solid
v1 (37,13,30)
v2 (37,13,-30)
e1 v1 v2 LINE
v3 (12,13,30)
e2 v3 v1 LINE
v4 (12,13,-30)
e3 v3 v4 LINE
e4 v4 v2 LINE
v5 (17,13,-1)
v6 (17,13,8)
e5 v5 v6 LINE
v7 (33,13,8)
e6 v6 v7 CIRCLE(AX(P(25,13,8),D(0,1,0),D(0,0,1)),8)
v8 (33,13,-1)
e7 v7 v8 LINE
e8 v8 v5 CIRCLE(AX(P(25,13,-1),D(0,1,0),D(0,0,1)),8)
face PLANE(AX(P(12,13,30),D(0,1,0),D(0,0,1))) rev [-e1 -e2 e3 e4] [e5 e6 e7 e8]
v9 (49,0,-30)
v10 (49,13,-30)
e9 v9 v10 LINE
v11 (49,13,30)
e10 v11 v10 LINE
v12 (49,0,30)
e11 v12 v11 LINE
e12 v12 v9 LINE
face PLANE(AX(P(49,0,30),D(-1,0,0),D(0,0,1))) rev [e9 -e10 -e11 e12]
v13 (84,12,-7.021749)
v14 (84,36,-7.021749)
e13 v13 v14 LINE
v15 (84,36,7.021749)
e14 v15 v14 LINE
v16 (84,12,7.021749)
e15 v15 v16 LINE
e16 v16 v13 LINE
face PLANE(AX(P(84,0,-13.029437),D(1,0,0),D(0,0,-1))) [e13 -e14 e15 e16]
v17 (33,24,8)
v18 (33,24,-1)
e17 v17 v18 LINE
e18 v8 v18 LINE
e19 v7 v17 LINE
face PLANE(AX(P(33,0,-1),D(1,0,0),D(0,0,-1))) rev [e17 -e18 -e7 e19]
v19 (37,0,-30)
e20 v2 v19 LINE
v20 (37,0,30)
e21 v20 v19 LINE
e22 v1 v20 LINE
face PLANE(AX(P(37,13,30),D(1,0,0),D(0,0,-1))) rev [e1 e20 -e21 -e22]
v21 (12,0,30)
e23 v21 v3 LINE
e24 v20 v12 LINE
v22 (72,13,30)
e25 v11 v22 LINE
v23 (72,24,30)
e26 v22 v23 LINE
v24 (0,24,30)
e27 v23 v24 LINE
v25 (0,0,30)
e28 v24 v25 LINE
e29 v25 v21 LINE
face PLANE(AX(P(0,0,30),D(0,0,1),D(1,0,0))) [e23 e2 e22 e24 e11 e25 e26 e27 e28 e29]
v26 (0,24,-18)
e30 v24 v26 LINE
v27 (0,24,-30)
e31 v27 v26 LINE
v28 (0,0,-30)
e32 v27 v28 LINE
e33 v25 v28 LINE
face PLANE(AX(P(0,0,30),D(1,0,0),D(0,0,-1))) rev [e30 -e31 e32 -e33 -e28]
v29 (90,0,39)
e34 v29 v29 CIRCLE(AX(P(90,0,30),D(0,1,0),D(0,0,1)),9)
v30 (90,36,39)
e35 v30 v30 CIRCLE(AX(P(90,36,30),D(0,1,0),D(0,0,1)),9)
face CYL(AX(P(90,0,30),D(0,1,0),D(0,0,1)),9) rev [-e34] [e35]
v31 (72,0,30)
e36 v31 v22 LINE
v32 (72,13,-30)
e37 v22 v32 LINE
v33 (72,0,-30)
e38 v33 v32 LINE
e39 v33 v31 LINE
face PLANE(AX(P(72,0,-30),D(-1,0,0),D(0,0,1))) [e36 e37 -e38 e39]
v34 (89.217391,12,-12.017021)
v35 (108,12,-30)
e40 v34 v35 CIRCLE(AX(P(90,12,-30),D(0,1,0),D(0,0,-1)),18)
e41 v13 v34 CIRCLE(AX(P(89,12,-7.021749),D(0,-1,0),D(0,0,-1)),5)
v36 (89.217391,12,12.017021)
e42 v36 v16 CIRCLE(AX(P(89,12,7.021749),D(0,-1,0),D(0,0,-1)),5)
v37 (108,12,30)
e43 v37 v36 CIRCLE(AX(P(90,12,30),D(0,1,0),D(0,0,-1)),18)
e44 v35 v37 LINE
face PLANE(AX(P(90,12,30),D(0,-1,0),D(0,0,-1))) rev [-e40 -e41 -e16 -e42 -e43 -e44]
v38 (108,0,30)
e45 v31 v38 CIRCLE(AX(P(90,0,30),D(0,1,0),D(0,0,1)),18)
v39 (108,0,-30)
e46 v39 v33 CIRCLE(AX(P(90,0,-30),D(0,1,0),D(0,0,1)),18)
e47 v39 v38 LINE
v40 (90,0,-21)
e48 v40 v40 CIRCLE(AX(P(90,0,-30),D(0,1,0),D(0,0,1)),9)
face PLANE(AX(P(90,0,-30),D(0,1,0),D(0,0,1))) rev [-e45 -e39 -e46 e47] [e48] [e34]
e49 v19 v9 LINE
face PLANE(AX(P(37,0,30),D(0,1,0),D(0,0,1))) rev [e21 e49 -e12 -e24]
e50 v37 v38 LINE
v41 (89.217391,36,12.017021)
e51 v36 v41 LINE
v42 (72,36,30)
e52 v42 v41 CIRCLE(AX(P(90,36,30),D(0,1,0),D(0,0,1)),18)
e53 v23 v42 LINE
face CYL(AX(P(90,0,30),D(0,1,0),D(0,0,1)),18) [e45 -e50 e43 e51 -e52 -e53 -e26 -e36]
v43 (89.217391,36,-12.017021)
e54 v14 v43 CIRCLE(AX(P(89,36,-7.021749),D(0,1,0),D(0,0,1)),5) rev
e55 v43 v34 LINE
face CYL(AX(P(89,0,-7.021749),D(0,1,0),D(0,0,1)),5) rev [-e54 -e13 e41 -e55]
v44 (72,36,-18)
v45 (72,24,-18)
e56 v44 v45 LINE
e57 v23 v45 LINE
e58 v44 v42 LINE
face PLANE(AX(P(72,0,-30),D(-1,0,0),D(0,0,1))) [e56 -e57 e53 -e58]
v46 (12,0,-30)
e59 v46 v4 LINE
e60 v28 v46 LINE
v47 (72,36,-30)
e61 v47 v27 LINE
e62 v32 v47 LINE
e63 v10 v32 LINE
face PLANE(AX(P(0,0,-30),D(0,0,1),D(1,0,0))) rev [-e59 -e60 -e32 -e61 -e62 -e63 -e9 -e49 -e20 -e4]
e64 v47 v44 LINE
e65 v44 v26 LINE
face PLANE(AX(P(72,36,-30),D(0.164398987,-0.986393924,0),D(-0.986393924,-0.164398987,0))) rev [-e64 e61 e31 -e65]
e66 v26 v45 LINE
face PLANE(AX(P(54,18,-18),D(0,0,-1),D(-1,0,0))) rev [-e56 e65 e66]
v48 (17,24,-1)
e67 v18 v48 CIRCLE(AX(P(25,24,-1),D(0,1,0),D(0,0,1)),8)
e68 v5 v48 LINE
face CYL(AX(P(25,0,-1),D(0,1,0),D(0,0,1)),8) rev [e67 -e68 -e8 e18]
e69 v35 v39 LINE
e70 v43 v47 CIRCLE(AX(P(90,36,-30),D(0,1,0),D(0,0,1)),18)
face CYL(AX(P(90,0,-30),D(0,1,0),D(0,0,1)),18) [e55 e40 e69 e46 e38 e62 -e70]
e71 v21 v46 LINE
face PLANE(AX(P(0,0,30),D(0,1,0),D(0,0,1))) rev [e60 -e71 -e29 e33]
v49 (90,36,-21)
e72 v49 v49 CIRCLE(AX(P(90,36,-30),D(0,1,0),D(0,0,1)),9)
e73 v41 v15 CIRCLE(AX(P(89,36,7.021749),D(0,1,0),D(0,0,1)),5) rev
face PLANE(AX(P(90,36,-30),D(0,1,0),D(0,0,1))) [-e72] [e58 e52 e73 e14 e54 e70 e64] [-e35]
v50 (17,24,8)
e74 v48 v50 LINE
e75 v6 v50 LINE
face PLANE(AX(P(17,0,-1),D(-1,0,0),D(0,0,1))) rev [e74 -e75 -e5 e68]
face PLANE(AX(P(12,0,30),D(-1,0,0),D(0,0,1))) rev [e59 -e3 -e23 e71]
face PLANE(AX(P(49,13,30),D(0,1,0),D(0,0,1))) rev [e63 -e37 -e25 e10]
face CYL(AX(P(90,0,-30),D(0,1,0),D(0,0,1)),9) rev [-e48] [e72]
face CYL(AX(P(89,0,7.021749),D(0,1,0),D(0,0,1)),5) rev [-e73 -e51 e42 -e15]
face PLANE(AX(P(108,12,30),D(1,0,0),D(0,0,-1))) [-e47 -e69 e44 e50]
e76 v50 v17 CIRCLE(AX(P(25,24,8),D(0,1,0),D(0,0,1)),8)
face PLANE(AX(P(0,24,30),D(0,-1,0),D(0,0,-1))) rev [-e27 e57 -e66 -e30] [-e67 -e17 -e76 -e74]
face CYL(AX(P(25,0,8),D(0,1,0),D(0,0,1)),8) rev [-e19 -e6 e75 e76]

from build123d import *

# Parameters (mm, degrees)
BOSS_EXTRUDE1_DEPTH      = 30
SKETCH2_R                = 9
BOSS_EXTRUDE2_DEPTH      = 12
BOSS_EXTRUDE2_DEPTH_BACK = 24
FILLET1_R                = 5
BOSS_EXTRUDE3_DEPTH      = 12
RIB1_REACH               = 80
SKETCH4_WALL_W           = 230.993150364
SKETCH4_WALL_H           = 12
CUT_EXTRUDE1_DEPTH       = 25


with BuildPart() as part:
    # Sketch1 → Boss-Extrude1 (new body, symmetric)
    with BuildSketch(Plane.XY):
        Polygon((0, 0), (0, 24), (72, 24), (72, 13), (49, 13), (49, 0), (37, 0), (37, 13), (12, 13), (12, 0), align=None)
    extrude(amount=BOSS_EXTRUDE1_DEPTH, both=True)

    # Sketch2 → Boss-Extrude2 (add, two sides)
    with BuildSketch(Plane(origin=(0, 24, 0), x_dir=(1, 0, 0), z_dir=(0, 1, 0))) as boss_extrude2_sk:
        with BuildLine():
            Line((72, 30), (72, -30))
            ThreePointArc((72, -30), (104.696938457, -40.392304845), (84, -13.029437252))
            Line((84, -13.029437252), (84, 13.029437252))
            ThreePointArc((84, 13.029437252), (104.696938457, 40.392304845), (72, 30))
        make_face()
        with Locations(Location((90, 30, 0), (0, 0, 270))):  # turned: the seam where the file's is
            Circle(SKETCH2_R, mode=Mode.SUBTRACT)
        with Locations(Location((90, -30, 0), (0, 0, 270))):  # turned: the seam where the file's is
            Circle(SKETCH2_R, mode=Mode.SUBTRACT)
    extrude(amount=BOSS_EXTRUDE2_DEPTH)
    extrude(boss_extrude2_sk.sketch, amount=-BOSS_EXTRUDE2_DEPTH_BACK)

    # Fillet1
    fillet1_edges = [part.edges().sort_by_distance(p)[0] for p in [
        (84, 18, -13.029437252),
        (84, 18, 13.029437252),
    ]]
    fillet(fillet1_edges, radius=FILLET1_R)

    # Sketch3 → Boss-Extrude3 (add)
    with BuildSketch(Plane.XZ):
        with BuildLine():
            Line((108, 30), (108, -30))
            ThreePointArc((108, -30), (102.448153347, -16.998327867), (89.217391304, -12.01702128))
            ThreePointArc((89.217391304, -12.01702128), (85.542179626, -10.633325006), (84, -7.021749414))
            Line((84, -7.021749414), (84, 7.021749414))
            ThreePointArc((84, 7.021749414), (85.542179626, 10.633325006), (89.217391304, 12.01702128))
            ThreePointArc((89.217391304, 12.01702128), (102.448153347, 16.998327867), (108, 30))
        make_face()
    extrude(amount=-BOSS_EXTRUDE3_DEPTH)

    # Sketch4 wall → Rib1 (add, up to next)
    with BuildSketch(Plane(origin=(36, 30, -30), x_dir=(-0.986393924, -0.164398987, 0), z_dir=(-0.164398987, 0.986393924, 0)), mode=Mode.PRIVATE) as rib1_sk1:
        with Locations((0, 6)):
            Rectangle(SKETCH4_WALL_W, SKETCH4_WALL_H)
    rib1_tool1 = extrude(rib1_sk1.sketch, amount=-RIB1_REACH, mode=Mode.PRIVATE) - part.part
    add(rib1_tool1.solids().sort_by_distance((36, 30, -30))[0])

    # Sketch5 → Cut-Extrude1 (cut, through all)
    with BuildSketch(Plane(origin=(0, 24, 0), x_dir=(1, 0, 0), z_dir=(0, 1, 0))):
        with BuildLine():
            Line((33, 1), (33, -8))
            ThreePointArc((33, -8), (25, -16), (17, -8))
            Line((17, -8), (17, 1))
            ThreePointArc((17, 1), (25, 9), (33, 1))
        make_face()
    extrude(amount=-CUT_EXTRUDE1_DEPTH, mode=Mode.SUBTRACT)


solid = part.part
